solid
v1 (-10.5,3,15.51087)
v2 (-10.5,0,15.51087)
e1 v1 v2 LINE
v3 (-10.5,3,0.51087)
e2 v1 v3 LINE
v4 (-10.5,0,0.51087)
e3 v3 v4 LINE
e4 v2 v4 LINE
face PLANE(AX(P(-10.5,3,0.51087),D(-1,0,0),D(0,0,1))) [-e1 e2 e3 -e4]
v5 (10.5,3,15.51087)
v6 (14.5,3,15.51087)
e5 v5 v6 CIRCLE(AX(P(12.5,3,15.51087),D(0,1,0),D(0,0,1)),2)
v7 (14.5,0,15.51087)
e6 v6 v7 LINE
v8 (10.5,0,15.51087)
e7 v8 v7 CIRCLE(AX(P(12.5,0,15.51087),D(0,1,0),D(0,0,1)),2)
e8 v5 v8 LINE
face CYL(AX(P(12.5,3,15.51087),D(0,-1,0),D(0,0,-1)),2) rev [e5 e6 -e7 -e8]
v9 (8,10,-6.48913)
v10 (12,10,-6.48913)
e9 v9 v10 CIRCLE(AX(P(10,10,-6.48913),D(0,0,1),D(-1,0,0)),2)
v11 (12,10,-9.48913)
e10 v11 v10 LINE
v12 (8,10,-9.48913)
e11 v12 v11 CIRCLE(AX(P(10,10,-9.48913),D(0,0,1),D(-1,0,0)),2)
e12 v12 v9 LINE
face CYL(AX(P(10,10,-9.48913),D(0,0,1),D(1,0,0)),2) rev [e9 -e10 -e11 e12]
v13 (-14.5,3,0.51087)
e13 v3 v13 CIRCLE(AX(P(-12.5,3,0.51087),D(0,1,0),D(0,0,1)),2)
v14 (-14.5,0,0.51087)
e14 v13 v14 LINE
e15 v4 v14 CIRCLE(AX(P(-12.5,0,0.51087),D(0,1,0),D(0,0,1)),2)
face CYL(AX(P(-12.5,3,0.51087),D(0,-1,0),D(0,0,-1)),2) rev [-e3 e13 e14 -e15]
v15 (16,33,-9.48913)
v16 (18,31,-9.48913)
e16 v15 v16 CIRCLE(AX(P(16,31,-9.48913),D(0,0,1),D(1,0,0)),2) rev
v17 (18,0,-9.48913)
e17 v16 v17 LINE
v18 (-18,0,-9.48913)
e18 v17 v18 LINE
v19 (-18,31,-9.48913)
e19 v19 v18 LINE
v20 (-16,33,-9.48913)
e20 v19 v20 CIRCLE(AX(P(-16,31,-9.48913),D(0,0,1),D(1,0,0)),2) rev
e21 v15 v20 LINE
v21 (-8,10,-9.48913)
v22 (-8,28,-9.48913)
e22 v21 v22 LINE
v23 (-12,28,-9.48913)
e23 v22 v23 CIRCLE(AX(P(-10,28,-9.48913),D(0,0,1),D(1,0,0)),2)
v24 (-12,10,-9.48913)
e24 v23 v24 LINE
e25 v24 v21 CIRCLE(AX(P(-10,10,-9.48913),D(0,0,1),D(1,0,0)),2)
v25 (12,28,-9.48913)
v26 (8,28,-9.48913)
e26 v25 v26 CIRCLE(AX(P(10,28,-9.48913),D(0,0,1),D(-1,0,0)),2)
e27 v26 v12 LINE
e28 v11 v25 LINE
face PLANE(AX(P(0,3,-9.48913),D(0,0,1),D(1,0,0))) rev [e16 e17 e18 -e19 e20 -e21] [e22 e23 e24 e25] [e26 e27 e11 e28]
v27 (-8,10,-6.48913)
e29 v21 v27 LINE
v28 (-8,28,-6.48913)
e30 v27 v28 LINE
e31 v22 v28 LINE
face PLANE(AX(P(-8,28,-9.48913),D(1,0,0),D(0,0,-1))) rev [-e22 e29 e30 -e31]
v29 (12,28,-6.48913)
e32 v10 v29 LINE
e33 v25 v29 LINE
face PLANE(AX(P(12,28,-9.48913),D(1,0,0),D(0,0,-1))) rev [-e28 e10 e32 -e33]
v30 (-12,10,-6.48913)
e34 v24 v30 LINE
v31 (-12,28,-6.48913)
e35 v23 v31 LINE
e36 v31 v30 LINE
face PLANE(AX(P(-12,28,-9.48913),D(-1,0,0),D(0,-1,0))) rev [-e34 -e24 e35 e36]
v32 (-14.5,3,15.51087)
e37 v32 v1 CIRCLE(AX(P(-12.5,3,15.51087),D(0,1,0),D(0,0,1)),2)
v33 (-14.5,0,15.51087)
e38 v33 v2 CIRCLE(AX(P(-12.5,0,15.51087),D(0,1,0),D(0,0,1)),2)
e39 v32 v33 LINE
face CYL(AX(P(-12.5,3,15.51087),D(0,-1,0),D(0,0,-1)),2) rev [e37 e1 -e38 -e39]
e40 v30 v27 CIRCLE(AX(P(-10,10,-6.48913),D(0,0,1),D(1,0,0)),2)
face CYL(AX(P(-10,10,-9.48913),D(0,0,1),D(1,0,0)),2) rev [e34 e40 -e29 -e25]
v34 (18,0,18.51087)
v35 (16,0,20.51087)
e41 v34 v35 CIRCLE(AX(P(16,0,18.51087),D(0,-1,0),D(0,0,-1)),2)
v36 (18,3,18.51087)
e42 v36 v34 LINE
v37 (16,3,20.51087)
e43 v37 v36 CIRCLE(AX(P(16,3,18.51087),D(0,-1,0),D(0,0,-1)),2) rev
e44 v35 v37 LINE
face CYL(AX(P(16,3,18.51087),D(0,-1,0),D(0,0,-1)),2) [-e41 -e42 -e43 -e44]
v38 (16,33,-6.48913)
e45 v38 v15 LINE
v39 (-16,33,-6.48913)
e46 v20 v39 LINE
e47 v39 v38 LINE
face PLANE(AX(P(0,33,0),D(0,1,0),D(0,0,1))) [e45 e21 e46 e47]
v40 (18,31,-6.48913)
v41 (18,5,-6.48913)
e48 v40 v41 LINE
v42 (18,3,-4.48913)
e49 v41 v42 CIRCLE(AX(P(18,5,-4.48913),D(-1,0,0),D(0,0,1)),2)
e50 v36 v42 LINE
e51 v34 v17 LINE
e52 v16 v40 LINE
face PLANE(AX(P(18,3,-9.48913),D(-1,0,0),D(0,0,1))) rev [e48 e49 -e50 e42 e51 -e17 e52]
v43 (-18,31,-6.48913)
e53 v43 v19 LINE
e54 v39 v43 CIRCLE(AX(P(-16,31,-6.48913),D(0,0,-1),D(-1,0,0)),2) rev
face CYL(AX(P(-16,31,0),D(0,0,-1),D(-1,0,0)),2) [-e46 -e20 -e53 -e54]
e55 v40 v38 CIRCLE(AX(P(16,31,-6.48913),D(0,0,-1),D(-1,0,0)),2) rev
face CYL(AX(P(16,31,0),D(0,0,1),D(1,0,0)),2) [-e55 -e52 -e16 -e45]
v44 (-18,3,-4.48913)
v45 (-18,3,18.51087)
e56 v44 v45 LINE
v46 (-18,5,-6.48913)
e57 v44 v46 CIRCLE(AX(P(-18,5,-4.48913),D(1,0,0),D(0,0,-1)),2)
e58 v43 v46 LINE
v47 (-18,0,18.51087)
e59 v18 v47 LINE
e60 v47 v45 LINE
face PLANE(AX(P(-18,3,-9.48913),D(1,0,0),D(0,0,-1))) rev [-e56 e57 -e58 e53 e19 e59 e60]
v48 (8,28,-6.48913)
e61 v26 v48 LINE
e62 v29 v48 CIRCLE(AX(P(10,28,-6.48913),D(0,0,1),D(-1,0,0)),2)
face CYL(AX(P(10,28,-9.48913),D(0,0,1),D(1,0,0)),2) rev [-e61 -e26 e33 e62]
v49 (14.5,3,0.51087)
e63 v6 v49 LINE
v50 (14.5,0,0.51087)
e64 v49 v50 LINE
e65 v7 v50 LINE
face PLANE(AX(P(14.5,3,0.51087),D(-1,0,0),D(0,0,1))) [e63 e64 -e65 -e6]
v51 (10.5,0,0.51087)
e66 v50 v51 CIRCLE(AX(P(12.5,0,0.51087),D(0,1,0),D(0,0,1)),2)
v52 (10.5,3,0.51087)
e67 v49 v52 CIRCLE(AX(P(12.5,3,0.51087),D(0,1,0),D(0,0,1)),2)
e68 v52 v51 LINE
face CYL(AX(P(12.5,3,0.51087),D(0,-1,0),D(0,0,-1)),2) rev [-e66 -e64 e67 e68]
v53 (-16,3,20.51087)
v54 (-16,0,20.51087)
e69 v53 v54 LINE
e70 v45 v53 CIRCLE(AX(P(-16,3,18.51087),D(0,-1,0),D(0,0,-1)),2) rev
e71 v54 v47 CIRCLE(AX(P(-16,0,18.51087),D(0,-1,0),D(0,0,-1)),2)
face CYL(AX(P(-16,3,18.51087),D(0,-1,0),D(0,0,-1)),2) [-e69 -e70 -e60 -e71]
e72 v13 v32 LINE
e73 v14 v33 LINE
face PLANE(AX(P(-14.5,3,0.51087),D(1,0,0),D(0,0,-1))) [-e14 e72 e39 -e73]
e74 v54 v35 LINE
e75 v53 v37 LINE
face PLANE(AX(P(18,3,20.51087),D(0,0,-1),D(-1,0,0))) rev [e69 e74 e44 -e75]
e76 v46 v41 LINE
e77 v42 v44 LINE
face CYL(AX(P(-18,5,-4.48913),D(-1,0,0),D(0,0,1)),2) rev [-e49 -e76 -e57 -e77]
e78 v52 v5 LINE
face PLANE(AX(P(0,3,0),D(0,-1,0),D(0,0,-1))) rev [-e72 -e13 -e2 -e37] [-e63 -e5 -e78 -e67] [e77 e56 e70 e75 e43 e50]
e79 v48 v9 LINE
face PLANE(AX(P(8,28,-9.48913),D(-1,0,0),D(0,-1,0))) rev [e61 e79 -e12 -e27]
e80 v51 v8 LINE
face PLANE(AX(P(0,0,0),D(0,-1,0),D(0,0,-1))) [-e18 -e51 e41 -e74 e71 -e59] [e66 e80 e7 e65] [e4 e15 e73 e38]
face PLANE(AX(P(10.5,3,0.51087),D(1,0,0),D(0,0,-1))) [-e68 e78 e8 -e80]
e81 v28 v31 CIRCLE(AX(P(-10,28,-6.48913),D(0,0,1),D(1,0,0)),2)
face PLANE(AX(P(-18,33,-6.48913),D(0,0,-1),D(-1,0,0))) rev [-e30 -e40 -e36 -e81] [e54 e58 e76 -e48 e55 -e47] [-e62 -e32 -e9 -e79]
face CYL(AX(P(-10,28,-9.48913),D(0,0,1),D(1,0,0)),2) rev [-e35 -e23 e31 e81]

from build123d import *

# Parameters (mm, degrees)
EXTRUDE_1_DEPTH          = 3
SKETCH_2_W               = 36
SKETCH_2_H               = 3
EXTRUDE_2_DEPTH          = 30
CUT_EXTRUDE_1_DEPTH      = 47.281745862
CUT_EXTRUDE_1_DEPTH_BACK = 47.281745862
FILLET_1_R               = 2
FILLET_2_R               = 2


with BuildPart() as part:
    # 草图1 → 凸台-拉伸1 (new body)
    with BuildSketch(Plane(origin=(0, 0, 0), x_dir=(1, 0, 0), z_dir=(0, 1, 0))):
        Polygon((0, 9.489130435), (-18, 9.489130435), (-18, -20.510869565), (0, -20.510869565), (18, -20.510869565), (18, 9.489130435), align=None)
        with BuildLine():
            Line((-10.5, -0.510869565), (-10.5, -15.510869565))
            ThreePointArc((-10.5, -15.510869565), (-12.5, -17.510869565), (-14.5, -15.510869565))
            Line((-14.5, -15.510869565), (-14.5, -0.510869565))
            ThreePointArc((-14.5, -0.510869565), (-12.5, 1.489130435), (-10.5, -0.510869565))
        make_face(mode=Mode.SUBTRACT)
        with BuildLine():
            Line((14.5, -0.510869565), (14.5, -15.510869565))
            ThreePointArc((14.5, -15.510869565), (12.5, -17.510869565), (10.5, -15.510869565))
            Line((10.5, -15.510869565), (10.5, -0.510869565))
            ThreePointArc((10.5, -0.510869565), (12.5, 1.489130435), (14.5, -0.510869565))
        make_face(mode=Mode.SUBTRACT)
    extrude(amount=EXTRUDE_1_DEPTH)

    # 草图2 → 凸台-拉伸2 (add)
    with BuildSketch(Plane(origin=(0, 3, 0), x_dir=(1, 0, 0), z_dir=(0, 1, 0))):
        with Locations((0, 7.989130435)):
            Rectangle(SKETCH_2_W, SKETCH_2_H)
    extrude(amount=EXTRUDE_2_DEPTH)

    # 草图3 → 切除-拉伸1 (cut, two sides: drawn at the far end of the back side and taken through both)
    with BuildSketch(Plane.XY.offset(-6.489130435).offset(-CUT_EXTRUDE_1_DEPTH_BACK)):
        with BuildLine():
            Line((-8, 28), (-8, 10))
            ThreePointArc((-8, 10), (-10, 8), (-12, 10))
            Line((-12, 10), (-12, 28))
            ThreePointArc((-12, 28), (-10, 30), (-8, 28))
        make_face()
        with BuildLine():
            Line((8, 28), (8, 10))
            ThreePointArc((8, 10), (10, 8), (12, 10))
            Line((12, 10), (12, 28))
            ThreePointArc((12, 28), (10, 30), (8, 28))
        make_face()
    extrude(amount=CUT_EXTRUDE_1_DEPTH + CUT_EXTRUDE_1_DEPTH_BACK, mode=Mode.SUBTRACT)

    # 圆角1
    fillet_1_edges = [part.edges().sort_by_distance(p)[0] for p in [
        (18, 1.5, 20.510869565),
        (-18, 1.5, 20.510869565),
        (-18, 33, -7.989130435),
        (18, 33, -7.989130435),
    ]]
    fillet(fillet_1_edges, radius=FILLET_1_R)

    # 圆角2
    fillet_2_edges = [part.edges().sort_by_distance(p)[0] for p in [
        (0, 3, -6.489130435),
    ]]
    fillet(fillet_2_edges, radius=FILLET_2_R)


solid = part.part
